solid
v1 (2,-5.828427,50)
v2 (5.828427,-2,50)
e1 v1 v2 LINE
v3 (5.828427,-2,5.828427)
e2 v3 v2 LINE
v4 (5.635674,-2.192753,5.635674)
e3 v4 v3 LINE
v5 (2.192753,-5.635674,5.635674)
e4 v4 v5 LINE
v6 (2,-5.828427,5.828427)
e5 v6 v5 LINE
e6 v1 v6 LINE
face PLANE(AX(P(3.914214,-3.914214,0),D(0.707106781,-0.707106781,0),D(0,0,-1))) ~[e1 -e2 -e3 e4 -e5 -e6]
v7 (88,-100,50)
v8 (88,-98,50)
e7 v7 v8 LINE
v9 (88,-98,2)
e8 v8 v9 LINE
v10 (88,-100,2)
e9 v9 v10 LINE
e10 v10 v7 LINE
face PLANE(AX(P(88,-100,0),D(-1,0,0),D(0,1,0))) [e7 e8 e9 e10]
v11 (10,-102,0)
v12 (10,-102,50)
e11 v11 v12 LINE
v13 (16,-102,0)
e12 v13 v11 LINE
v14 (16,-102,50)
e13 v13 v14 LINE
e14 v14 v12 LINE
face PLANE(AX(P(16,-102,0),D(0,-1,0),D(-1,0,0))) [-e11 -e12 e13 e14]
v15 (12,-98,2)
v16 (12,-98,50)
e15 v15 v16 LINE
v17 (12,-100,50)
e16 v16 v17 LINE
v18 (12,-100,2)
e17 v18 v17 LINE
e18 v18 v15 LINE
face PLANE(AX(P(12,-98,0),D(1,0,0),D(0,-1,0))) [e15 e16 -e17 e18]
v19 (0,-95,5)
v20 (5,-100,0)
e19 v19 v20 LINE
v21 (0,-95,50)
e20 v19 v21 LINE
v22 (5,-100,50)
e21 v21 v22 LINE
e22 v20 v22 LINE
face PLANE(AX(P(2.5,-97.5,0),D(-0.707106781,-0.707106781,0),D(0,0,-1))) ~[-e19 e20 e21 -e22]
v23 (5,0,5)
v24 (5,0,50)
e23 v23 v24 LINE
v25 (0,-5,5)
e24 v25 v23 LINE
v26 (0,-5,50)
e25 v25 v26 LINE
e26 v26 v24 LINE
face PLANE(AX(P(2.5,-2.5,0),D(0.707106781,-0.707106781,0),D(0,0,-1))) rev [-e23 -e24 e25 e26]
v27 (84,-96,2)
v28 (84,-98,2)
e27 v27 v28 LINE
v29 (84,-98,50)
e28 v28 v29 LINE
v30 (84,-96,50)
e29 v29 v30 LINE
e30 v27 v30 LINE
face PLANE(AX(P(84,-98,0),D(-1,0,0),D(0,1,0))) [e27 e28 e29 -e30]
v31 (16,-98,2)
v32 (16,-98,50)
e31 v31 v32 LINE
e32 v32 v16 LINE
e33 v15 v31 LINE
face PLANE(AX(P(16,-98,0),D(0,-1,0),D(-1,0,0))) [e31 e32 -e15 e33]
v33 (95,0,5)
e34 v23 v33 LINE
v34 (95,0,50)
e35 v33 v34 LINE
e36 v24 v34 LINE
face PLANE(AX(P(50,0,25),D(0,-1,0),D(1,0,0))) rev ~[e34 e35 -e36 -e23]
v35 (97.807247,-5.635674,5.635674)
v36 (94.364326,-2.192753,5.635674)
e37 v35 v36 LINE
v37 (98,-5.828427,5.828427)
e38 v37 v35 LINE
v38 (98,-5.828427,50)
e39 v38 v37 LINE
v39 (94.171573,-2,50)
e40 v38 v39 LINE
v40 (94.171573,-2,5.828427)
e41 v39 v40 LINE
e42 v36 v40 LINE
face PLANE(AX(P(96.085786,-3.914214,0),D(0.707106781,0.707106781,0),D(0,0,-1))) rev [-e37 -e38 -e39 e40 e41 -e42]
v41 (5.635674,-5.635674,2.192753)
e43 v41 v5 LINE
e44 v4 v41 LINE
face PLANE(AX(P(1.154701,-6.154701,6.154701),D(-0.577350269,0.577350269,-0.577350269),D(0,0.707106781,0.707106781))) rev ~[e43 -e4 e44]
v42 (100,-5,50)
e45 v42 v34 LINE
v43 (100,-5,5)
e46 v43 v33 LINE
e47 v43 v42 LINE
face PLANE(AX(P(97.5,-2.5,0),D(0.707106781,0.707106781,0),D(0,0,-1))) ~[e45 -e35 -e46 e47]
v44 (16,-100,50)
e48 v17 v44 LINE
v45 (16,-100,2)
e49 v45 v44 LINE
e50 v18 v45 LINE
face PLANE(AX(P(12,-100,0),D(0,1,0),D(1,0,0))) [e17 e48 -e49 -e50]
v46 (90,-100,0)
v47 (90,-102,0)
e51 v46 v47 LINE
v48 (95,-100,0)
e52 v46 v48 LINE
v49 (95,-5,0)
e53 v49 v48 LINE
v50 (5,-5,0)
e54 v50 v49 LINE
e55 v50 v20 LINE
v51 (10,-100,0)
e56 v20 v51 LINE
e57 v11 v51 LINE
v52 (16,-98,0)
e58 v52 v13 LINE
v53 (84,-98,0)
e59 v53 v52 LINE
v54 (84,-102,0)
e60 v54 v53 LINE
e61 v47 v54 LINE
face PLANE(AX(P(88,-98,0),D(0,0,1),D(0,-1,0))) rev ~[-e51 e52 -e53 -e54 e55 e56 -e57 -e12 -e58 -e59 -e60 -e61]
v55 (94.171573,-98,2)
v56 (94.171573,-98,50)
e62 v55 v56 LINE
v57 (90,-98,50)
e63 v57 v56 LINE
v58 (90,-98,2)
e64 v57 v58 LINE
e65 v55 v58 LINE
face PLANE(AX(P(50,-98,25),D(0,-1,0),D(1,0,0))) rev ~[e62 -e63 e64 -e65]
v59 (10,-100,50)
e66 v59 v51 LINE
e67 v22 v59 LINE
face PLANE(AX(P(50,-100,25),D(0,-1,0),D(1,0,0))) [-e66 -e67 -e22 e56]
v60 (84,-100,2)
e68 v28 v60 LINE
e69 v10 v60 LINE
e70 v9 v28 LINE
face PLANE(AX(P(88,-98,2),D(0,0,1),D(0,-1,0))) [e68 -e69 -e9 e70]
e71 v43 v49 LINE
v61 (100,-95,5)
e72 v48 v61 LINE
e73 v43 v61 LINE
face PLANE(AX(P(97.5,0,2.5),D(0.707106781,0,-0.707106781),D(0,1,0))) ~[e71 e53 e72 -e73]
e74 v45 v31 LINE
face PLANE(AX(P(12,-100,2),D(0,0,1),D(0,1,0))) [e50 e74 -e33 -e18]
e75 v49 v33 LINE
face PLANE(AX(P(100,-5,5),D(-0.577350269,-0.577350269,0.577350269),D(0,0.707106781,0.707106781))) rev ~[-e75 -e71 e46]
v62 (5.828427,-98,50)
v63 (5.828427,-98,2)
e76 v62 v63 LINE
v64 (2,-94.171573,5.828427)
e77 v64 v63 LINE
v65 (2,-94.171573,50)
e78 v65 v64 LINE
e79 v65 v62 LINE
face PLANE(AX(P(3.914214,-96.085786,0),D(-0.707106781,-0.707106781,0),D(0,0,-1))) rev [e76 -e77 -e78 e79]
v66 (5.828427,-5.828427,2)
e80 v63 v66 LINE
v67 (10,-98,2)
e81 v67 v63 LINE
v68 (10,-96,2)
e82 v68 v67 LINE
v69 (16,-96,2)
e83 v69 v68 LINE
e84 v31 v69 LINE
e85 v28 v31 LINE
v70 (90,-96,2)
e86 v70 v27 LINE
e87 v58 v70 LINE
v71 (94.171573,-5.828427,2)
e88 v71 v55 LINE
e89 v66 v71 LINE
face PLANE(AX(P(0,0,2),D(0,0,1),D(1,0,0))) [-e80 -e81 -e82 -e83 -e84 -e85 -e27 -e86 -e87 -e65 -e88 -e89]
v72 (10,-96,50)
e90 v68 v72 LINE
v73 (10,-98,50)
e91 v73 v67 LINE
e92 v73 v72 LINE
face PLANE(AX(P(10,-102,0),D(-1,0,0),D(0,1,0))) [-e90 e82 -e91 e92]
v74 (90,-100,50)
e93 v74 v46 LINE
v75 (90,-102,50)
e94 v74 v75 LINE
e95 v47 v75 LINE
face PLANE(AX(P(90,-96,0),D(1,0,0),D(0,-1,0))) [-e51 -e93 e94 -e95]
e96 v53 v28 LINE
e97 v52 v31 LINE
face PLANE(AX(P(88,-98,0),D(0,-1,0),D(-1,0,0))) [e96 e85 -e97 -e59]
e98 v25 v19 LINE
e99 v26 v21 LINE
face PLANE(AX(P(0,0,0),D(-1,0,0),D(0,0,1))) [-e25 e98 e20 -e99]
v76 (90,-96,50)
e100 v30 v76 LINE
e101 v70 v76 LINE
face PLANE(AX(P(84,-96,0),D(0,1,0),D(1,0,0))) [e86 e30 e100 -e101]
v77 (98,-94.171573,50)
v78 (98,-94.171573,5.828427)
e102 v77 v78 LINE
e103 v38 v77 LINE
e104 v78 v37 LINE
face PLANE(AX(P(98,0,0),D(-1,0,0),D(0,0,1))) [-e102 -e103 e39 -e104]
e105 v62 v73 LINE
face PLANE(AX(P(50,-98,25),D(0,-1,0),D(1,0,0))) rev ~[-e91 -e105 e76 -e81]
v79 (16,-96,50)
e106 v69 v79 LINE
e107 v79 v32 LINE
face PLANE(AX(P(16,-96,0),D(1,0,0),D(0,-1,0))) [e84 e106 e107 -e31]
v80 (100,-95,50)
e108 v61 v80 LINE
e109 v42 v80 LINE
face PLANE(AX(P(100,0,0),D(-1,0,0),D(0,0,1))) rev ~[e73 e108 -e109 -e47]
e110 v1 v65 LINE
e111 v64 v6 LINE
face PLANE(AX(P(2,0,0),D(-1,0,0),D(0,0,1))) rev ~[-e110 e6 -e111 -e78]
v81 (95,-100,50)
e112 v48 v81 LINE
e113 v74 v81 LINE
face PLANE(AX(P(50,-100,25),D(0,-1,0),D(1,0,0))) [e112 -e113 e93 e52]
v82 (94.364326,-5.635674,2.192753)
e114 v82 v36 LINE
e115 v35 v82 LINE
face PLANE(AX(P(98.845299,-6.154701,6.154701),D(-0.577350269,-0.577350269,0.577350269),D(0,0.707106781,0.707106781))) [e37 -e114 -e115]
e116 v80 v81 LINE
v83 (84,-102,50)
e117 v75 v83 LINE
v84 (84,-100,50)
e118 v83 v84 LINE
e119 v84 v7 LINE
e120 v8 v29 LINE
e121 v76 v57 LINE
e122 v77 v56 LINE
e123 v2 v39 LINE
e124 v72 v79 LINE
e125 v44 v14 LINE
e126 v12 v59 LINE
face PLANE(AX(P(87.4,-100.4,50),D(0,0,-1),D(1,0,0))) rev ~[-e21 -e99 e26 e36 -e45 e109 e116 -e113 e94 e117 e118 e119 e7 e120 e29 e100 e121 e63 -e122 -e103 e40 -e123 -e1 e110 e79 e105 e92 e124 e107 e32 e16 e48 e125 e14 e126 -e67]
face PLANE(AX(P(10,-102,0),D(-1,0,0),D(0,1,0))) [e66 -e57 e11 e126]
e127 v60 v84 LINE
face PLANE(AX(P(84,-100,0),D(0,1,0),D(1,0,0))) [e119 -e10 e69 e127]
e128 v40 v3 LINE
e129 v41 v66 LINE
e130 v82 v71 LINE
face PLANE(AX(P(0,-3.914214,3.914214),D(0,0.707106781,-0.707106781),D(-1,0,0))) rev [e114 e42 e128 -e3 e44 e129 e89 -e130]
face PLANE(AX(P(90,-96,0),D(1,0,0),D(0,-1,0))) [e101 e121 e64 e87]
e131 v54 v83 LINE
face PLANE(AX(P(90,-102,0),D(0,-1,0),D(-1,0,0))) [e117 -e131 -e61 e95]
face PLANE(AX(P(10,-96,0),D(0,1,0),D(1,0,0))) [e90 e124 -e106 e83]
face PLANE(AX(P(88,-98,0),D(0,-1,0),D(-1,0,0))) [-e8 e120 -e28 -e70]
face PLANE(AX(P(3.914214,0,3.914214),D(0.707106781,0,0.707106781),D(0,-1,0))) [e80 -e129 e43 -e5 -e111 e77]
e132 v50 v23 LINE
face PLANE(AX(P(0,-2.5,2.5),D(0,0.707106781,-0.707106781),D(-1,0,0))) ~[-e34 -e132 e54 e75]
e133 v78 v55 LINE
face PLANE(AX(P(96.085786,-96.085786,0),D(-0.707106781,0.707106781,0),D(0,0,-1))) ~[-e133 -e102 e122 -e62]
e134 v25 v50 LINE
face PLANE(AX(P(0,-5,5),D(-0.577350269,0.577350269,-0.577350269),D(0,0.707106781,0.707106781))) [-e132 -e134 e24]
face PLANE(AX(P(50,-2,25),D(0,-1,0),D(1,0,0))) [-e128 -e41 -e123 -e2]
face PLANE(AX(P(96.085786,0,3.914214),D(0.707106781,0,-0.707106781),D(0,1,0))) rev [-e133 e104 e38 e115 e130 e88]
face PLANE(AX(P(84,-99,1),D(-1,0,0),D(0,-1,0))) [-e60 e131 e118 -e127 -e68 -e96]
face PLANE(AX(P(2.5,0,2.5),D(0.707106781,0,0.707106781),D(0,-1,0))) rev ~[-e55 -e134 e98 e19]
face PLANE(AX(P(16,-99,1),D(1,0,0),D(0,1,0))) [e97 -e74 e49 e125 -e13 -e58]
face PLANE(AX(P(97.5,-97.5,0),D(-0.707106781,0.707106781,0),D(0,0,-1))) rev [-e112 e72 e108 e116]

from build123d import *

# Parameters (mm, degrees)
F0_W      = 100
F0_H      = 50
F1_DEPTH  = 100
F2_SIZE   = 5
F3_T      = -2
F4_W      = 80
F4_H      = 2
F5_DEPTH  = 50
F7_DEPTH  = 50
F8_W      = 2
F8_H      = 2
F9_DEPTH  = 4
F11_DEPTH = 50
F12_W     = 2
F12_H     = 2
F13_DEPTH = 4


with BuildPart() as f1:
    # F0 (on Front) → F1 (new body)
    with BuildSketch(Plane.XZ):
        with Locations((50, 25)):
            Rectangle(F0_W, F0_H)
    extrude(amount=F1_DEPTH)

    # F2
    f2_edges = [f1.edges().sort_by_distance(p)[0] for p in [
        (50, 0, 0),
        (0, -50, 0),
        (100, -50, 0),
        (0, -100, 25),
        (100, -100, 25),
        (100, 0, 25),
        (0, 0, 25),
    ]]
    chamfer(f2_edges, length=F2_SIZE)

    # F3
    f3_openings = [f1.faces().sort_by_distance(p)[0] for p in [
        (50, -50, 50),
    ]]
    offset(amount=F3_T, openings=f3_openings)

    # F4 (on face) → F5 (cut)
    with BuildSketch(Plane.XY.offset(50)):
        with Locations((50, -99)):
            Rectangle(F4_W, F4_H)
    extrude(amount=-F5_DEPTH, mode=Mode.SUBTRACT)

    # F6 (on face) → F7 (join)
    with BuildSketch(Plane(origin=(0, 0, 0), x_dir=(1, 0, 0), z_dir=(0, 0, -1))):
        Polygon((16, 102), (10, 102), (10, 100), (10, 98), (12, 98), (12, 100), (16, 100), align=None)
        Polygon((12, 98), (10, 98), (10, 96), (16, 96), (16, 98), align=None)
    extrude(amount=-F7_DEPTH)

    # F8 (on face) → F9 (join)
    with BuildSketch(Plane.YZ.offset(12)):
        with Locations((-99, 1)):
            Rectangle(F8_W, F8_H)
    extrude(amount=F9_DEPTH)

    # F10 (on face) → F11 (join)
    with BuildSketch(Plane(origin=(0, 0, 0), x_dir=(1, 0, 0), z_dir=(0, 0, -1))):
        Polygon((90, 100), (90, 102), (84, 102), (84, 100), (88, 100), (88, 98), (90, 98), align=None)
        Polygon((90, 96), (90, 98), (88, 98), (84, 98), (84, 96), align=None)
    extrude(amount=-F11_DEPTH)

    # F12 (on face) → F13 (join)
    with BuildSketch(Plane(origin=(88, 0, 0), x_dir=(0, -1, 0), z_dir=(-1, 0, 0))):
        with Locations((99, 1)):
            Rectangle(F12_W, F12_H)
    extrude(amount=F13_DEPTH)


solid = f1.part
